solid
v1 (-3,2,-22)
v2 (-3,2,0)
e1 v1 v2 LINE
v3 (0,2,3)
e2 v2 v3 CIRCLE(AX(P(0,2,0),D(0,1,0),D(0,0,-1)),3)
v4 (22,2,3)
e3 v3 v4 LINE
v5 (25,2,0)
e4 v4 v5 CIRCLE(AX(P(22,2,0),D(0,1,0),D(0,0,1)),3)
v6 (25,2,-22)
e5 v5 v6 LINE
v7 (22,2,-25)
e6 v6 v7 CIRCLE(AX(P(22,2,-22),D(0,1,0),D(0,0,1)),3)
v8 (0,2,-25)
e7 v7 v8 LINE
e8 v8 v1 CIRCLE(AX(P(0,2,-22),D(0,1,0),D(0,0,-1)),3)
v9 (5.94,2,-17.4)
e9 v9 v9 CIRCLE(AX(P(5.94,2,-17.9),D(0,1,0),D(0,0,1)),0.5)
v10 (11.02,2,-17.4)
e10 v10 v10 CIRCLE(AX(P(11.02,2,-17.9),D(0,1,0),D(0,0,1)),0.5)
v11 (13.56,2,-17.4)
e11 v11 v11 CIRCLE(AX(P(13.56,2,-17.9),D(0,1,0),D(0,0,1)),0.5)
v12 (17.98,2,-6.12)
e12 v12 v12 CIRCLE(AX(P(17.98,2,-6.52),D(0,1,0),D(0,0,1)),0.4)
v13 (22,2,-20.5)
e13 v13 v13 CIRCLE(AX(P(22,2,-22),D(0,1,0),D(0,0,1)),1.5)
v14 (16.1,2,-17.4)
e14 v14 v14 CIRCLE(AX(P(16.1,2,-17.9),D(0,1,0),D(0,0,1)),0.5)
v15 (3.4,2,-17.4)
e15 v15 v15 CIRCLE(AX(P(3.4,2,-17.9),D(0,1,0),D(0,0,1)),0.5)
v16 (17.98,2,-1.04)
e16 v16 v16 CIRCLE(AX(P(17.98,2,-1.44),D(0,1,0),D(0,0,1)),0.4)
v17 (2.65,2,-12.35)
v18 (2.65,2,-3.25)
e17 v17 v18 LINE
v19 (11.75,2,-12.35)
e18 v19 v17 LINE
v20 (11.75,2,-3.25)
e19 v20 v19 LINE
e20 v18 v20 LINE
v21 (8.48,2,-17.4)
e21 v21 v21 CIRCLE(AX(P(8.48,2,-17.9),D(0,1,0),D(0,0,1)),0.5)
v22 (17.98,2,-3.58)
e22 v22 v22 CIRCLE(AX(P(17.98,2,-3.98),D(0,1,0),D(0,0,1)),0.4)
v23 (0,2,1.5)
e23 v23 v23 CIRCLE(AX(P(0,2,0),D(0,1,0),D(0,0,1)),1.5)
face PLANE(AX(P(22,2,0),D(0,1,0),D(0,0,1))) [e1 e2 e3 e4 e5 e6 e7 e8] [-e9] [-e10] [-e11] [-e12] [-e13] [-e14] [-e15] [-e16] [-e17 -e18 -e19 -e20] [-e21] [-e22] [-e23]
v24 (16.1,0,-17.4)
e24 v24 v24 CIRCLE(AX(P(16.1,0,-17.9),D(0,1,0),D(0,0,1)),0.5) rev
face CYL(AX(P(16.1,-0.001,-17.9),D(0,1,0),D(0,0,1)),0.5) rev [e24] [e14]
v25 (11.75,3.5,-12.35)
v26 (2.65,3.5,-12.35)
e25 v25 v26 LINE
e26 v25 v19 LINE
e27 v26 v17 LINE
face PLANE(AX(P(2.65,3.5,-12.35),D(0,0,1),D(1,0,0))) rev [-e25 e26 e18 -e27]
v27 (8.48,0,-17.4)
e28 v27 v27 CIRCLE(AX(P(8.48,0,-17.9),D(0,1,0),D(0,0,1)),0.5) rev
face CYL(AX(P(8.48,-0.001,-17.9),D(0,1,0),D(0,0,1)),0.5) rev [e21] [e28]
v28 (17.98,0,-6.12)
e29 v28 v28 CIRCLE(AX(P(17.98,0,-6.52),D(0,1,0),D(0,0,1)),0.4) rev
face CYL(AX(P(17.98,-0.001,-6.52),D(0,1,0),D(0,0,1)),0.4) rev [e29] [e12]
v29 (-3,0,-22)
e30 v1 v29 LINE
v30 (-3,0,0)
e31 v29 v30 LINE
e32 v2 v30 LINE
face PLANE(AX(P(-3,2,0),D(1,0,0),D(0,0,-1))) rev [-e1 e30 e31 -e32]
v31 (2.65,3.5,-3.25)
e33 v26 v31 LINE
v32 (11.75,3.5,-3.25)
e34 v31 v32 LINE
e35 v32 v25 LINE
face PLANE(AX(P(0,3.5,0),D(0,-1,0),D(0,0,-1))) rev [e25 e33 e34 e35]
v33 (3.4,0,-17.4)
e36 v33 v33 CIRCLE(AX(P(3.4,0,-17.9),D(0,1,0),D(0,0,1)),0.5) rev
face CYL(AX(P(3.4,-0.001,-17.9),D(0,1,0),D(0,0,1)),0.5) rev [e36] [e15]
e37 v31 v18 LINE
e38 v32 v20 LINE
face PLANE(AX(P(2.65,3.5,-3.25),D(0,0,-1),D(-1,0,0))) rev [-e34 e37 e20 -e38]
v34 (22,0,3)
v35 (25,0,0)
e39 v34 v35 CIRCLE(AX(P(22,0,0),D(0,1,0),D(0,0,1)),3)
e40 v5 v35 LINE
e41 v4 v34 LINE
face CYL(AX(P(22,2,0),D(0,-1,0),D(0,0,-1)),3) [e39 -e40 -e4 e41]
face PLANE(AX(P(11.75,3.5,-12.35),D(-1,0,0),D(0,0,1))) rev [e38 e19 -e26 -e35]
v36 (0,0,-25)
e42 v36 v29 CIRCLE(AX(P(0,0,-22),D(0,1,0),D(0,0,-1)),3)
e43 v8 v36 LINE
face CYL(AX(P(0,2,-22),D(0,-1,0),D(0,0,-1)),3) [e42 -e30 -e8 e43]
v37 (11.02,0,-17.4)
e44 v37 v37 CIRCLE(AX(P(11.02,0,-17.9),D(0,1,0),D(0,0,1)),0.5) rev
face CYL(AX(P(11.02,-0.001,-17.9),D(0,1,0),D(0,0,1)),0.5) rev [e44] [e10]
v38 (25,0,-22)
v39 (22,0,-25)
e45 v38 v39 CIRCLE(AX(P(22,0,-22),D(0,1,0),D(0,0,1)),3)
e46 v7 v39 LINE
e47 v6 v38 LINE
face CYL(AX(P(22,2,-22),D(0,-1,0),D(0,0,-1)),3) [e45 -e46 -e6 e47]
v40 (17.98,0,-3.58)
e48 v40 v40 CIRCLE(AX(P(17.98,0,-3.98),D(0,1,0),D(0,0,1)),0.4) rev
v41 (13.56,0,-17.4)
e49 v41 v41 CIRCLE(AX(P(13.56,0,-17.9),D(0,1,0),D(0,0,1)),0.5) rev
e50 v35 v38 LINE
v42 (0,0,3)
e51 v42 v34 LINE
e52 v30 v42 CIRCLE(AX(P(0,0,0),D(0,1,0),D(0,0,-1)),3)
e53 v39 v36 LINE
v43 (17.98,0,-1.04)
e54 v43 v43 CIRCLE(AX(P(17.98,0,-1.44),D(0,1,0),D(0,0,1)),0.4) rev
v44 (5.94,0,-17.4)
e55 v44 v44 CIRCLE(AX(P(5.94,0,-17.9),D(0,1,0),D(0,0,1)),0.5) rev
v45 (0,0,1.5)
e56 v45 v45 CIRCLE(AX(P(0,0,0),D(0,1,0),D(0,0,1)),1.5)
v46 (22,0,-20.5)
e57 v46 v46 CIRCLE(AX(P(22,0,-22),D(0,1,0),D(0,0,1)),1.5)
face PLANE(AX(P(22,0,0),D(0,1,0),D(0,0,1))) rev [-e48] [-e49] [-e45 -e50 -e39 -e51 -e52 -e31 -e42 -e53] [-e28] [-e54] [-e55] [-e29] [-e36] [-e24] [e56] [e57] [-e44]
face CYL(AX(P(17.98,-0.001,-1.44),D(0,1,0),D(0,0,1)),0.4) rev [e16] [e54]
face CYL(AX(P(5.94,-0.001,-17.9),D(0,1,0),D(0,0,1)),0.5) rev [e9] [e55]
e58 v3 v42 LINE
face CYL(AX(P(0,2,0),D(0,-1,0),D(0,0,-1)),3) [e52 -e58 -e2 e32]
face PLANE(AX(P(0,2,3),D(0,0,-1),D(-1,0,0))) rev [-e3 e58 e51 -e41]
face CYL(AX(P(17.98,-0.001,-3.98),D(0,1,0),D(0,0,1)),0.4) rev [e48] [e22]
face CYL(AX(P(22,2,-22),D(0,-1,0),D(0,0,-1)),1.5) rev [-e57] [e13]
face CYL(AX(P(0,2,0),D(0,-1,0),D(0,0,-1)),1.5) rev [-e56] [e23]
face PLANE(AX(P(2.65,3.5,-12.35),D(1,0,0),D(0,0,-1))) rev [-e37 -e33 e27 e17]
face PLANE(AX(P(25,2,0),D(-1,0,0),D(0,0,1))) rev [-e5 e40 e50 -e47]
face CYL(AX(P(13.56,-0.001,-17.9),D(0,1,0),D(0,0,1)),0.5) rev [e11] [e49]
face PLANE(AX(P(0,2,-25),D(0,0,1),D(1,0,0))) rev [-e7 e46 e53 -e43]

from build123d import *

# Parameters (mm, degrees)
ESQUISSE2_R             = 1.5
BOSS_EXTRU_1_DEPTH      = 2
ENL_V_MAT_EXTRU_1_REACH = 37.412
ESQUISSE3_R             = 0.5
ESQUISSE4_W             = 9.1
ESQUISSE4_H             = 9.1
BOSS_EXTRU_2_DEPTH      = 1.5
ENL_V_MAT_EXTRU_2_REACH = 37.412
ESQUISSE5_R             = 0.4


with BuildPart() as part:
    # Esquisse2 → Boss.-Extru.1 (new body)
    with BuildSketch(Plane(origin=(0, 0, 0), x_dir=(1, 0, 0), z_dir=(0, 1, 0))):
        with BuildLine():
            Line((0, -3), (22, -3))
            ThreePointArc((22, -3), (24.121320344, -2.121320344), (25, 0))
            Line((25, 0), (25, 22))
            ThreePointArc((25, 22), (24.121320344, 24.121320344), (22, 25))
            Line((22, 25), (0, 25))
            ThreePointArc((0, 25), (-2.121320344, 24.121320344), (-3, 22))
            Line((-3, 22), (-3, 0))
            ThreePointArc((-3, 0), (-2.121320344, -2.121320344), (0, -3))
        make_face()
        with Locations(Location((0, 0, 0), (0, 0, 270))):
            Circle(ESQUISSE2_R, mode=Mode.SUBTRACT)
        with Locations(Location((22, 22, 0), (0, 0, 270))):
            Circle(ESQUISSE2_R, mode=Mode.SUBTRACT)
    extrude(amount=BOSS_EXTRU_1_DEPTH)

    # Esquisse3 → Enlèv. mat.-Extru.1 (cut, up to next)
    with BuildSketch(Plane(origin=(0, 2, 0), x_dir=(1, 0, 0), z_dir=(0, 1, 0)), mode=Mode.PRIVATE) as enl_v_mat_extru_1_sk1:
        with Locations(Location((5.94, 17.9, 0), (0, 0, 270))):
            Circle(ESQUISSE3_R)
    enl_v_mat_extru_1_tool1 = extrude(enl_v_mat_extru_1_sk1.sketch, amount=-ENL_V_MAT_EXTRU_1_REACH, mode=Mode.PRIVATE) & part.part
    # Esquisse3 → Enlèv. mat.-Extru.1 (cut, up to next)
    with BuildSketch(Plane(origin=(0, 2, 0), x_dir=(1, 0, 0), z_dir=(0, 1, 0)), mode=Mode.PRIVATE) as enl_v_mat_extru_1_sk2:
        with Locations(Location((8.48, 17.9, 0), (0, 0, 270))):
            Circle(ESQUISSE3_R)
    enl_v_mat_extru_1_tool2 = extrude(enl_v_mat_extru_1_sk2.sketch, amount=-ENL_V_MAT_EXTRU_1_REACH, mode=Mode.PRIVATE) & part.part
    # Esquisse3 → Enlèv. mat.-Extru.1 (cut, up to next)
    with BuildSketch(Plane(origin=(0, 2, 0), x_dir=(1, 0, 0), z_dir=(0, 1, 0)), mode=Mode.PRIVATE) as enl_v_mat_extru_1_sk3:
        with Locations(Location((11.02, 17.9, 0), (0, 0, 270))):
            Circle(ESQUISSE3_R)
    enl_v_mat_extru_1_tool3 = extrude(enl_v_mat_extru_1_sk3.sketch, amount=-ENL_V_MAT_EXTRU_1_REACH, mode=Mode.PRIVATE) & part.part
    # Esquisse3 → Enlèv. mat.-Extru.1 (cut, up to next)
    with BuildSketch(Plane(origin=(0, 2, 0), x_dir=(1, 0, 0), z_dir=(0, 1, 0)), mode=Mode.PRIVATE) as enl_v_mat_extru_1_sk4:
        with Locations(Location((13.56, 17.9, 0), (0, 0, 270))):
            Circle(ESQUISSE3_R)
    enl_v_mat_extru_1_tool4 = extrude(enl_v_mat_extru_1_sk4.sketch, amount=-ENL_V_MAT_EXTRU_1_REACH, mode=Mode.PRIVATE) & part.part
    # Esquisse3 → Enlèv. mat.-Extru.1 (cut, up to next)
    with BuildSketch(Plane(origin=(0, 2, 0), x_dir=(1, 0, 0), z_dir=(0, 1, 0)), mode=Mode.PRIVATE) as enl_v_mat_extru_1_sk5:
        with Locations(Location((16.1, 17.9, 0), (0, 0, 270))):
            Circle(ESQUISSE3_R)
    enl_v_mat_extru_1_tool5 = extrude(enl_v_mat_extru_1_sk5.sketch, amount=-ENL_V_MAT_EXTRU_1_REACH, mode=Mode.PRIVATE) & part.part
    # Esquisse3 → Enlèv. mat.-Extru.1 (cut, up to next)
    with BuildSketch(Plane(origin=(0, 2, 0), x_dir=(1, 0, 0), z_dir=(0, 1, 0)), mode=Mode.PRIVATE) as enl_v_mat_extru_1_sk6:
        with Locations(Location((3.4, 17.9, 0), (0, 0, 270))):
            Circle(ESQUISSE3_R)
    enl_v_mat_extru_1_tool6 = extrude(enl_v_mat_extru_1_sk6.sketch, amount=-ENL_V_MAT_EXTRU_1_REACH, mode=Mode.PRIVATE) & part.part
    add(enl_v_mat_extru_1_tool1.solids().sort_by_distance((5.94, 2, -17.9))[0], mode=Mode.SUBTRACT)
    add(enl_v_mat_extru_1_tool2.solids().sort_by_distance((8.48, 2, -17.9))[0], mode=Mode.SUBTRACT)
    add(enl_v_mat_extru_1_tool3.solids().sort_by_distance((11.02, 2, -17.9))[0], mode=Mode.SUBTRACT)
    add(enl_v_mat_extru_1_tool4.solids().sort_by_distance((13.56, 2, -17.9))[0], mode=Mode.SUBTRACT)
    add(enl_v_mat_extru_1_tool5.solids().sort_by_distance((16.1, 2, -17.9))[0], mode=Mode.SUBTRACT)
    add(enl_v_mat_extru_1_tool6.solids().sort_by_distance((3.4, 2, -17.9))[0], mode=Mode.SUBTRACT)

    # Esquisse4 → Boss.-Extru.2 (add)
    with BuildSketch(Plane(origin=(0, 2, 0), x_dir=(1, 0, 0), z_dir=(0, 1, 0))):
        with Locations((7.2, 7.8)):
            Rectangle(ESQUISSE4_W, ESQUISSE4_H)
    extrude(amount=BOSS_EXTRU_2_DEPTH)

    # Esquisse5 → Enlèv. mat.-Extru.2 (cut, up to next)
    with BuildSketch(Plane(origin=(0, 2, 0), x_dir=(1, 0, 0), z_dir=(0, 1, 0)), mode=Mode.PRIVATE) as enl_v_mat_extru_2_sk1:
        with Locations(Location((17.98, 1.44, 0), (0, 0, 270))):
            Circle(ESQUISSE5_R)
    enl_v_mat_extru_2_tool1 = extrude(enl_v_mat_extru_2_sk1.sketch, amount=-ENL_V_MAT_EXTRU_2_REACH, mode=Mode.PRIVATE) & part.part
    # Esquisse5 → Enlèv. mat.-Extru.2 (cut, up to next)
    with BuildSketch(Plane(origin=(0, 2, 0), x_dir=(1, 0, 0), z_dir=(0, 1, 0)), mode=Mode.PRIVATE) as enl_v_mat_extru_2_sk2:
        with Locations(Location((17.98, 3.98, 0), (0, 0, 270))):
            Circle(ESQUISSE5_R)
    enl_v_mat_extru_2_tool2 = extrude(enl_v_mat_extru_2_sk2.sketch, amount=-ENL_V_MAT_EXTRU_2_REACH, mode=Mode.PRIVATE) & part.part
    # Esquisse5 → Enlèv. mat.-Extru.2 (cut, up to next)
    with BuildSketch(Plane(origin=(0, 2, 0), x_dir=(1, 0, 0), z_dir=(0, 1, 0)), mode=Mode.PRIVATE) as enl_v_mat_extru_2_sk3:
        with Locations(Location((17.98, 6.52, 0), (0, 0, 270))):
            Circle(ESQUISSE5_R)
    enl_v_mat_extru_2_tool3 = extrude(enl_v_mat_extru_2_sk3.sketch, amount=-ENL_V_MAT_EXTRU_2_REACH, mode=Mode.PRIVATE) & part.part
    add(enl_v_mat_extru_2_tool1.solids().sort_by_distance((17.98, 2, -1.44))[0], mode=Mode.SUBTRACT)
    add(enl_v_mat_extru_2_tool2.solids().sort_by_distance((17.98, 2, -3.98))[0], mode=Mode.SUBTRACT)
    add(enl_v_mat_extru_2_tool3.solids().sort_by_distance((17.98, 2, -6.52))[0], mode=Mode.SUBTRACT)


solid = part.part
